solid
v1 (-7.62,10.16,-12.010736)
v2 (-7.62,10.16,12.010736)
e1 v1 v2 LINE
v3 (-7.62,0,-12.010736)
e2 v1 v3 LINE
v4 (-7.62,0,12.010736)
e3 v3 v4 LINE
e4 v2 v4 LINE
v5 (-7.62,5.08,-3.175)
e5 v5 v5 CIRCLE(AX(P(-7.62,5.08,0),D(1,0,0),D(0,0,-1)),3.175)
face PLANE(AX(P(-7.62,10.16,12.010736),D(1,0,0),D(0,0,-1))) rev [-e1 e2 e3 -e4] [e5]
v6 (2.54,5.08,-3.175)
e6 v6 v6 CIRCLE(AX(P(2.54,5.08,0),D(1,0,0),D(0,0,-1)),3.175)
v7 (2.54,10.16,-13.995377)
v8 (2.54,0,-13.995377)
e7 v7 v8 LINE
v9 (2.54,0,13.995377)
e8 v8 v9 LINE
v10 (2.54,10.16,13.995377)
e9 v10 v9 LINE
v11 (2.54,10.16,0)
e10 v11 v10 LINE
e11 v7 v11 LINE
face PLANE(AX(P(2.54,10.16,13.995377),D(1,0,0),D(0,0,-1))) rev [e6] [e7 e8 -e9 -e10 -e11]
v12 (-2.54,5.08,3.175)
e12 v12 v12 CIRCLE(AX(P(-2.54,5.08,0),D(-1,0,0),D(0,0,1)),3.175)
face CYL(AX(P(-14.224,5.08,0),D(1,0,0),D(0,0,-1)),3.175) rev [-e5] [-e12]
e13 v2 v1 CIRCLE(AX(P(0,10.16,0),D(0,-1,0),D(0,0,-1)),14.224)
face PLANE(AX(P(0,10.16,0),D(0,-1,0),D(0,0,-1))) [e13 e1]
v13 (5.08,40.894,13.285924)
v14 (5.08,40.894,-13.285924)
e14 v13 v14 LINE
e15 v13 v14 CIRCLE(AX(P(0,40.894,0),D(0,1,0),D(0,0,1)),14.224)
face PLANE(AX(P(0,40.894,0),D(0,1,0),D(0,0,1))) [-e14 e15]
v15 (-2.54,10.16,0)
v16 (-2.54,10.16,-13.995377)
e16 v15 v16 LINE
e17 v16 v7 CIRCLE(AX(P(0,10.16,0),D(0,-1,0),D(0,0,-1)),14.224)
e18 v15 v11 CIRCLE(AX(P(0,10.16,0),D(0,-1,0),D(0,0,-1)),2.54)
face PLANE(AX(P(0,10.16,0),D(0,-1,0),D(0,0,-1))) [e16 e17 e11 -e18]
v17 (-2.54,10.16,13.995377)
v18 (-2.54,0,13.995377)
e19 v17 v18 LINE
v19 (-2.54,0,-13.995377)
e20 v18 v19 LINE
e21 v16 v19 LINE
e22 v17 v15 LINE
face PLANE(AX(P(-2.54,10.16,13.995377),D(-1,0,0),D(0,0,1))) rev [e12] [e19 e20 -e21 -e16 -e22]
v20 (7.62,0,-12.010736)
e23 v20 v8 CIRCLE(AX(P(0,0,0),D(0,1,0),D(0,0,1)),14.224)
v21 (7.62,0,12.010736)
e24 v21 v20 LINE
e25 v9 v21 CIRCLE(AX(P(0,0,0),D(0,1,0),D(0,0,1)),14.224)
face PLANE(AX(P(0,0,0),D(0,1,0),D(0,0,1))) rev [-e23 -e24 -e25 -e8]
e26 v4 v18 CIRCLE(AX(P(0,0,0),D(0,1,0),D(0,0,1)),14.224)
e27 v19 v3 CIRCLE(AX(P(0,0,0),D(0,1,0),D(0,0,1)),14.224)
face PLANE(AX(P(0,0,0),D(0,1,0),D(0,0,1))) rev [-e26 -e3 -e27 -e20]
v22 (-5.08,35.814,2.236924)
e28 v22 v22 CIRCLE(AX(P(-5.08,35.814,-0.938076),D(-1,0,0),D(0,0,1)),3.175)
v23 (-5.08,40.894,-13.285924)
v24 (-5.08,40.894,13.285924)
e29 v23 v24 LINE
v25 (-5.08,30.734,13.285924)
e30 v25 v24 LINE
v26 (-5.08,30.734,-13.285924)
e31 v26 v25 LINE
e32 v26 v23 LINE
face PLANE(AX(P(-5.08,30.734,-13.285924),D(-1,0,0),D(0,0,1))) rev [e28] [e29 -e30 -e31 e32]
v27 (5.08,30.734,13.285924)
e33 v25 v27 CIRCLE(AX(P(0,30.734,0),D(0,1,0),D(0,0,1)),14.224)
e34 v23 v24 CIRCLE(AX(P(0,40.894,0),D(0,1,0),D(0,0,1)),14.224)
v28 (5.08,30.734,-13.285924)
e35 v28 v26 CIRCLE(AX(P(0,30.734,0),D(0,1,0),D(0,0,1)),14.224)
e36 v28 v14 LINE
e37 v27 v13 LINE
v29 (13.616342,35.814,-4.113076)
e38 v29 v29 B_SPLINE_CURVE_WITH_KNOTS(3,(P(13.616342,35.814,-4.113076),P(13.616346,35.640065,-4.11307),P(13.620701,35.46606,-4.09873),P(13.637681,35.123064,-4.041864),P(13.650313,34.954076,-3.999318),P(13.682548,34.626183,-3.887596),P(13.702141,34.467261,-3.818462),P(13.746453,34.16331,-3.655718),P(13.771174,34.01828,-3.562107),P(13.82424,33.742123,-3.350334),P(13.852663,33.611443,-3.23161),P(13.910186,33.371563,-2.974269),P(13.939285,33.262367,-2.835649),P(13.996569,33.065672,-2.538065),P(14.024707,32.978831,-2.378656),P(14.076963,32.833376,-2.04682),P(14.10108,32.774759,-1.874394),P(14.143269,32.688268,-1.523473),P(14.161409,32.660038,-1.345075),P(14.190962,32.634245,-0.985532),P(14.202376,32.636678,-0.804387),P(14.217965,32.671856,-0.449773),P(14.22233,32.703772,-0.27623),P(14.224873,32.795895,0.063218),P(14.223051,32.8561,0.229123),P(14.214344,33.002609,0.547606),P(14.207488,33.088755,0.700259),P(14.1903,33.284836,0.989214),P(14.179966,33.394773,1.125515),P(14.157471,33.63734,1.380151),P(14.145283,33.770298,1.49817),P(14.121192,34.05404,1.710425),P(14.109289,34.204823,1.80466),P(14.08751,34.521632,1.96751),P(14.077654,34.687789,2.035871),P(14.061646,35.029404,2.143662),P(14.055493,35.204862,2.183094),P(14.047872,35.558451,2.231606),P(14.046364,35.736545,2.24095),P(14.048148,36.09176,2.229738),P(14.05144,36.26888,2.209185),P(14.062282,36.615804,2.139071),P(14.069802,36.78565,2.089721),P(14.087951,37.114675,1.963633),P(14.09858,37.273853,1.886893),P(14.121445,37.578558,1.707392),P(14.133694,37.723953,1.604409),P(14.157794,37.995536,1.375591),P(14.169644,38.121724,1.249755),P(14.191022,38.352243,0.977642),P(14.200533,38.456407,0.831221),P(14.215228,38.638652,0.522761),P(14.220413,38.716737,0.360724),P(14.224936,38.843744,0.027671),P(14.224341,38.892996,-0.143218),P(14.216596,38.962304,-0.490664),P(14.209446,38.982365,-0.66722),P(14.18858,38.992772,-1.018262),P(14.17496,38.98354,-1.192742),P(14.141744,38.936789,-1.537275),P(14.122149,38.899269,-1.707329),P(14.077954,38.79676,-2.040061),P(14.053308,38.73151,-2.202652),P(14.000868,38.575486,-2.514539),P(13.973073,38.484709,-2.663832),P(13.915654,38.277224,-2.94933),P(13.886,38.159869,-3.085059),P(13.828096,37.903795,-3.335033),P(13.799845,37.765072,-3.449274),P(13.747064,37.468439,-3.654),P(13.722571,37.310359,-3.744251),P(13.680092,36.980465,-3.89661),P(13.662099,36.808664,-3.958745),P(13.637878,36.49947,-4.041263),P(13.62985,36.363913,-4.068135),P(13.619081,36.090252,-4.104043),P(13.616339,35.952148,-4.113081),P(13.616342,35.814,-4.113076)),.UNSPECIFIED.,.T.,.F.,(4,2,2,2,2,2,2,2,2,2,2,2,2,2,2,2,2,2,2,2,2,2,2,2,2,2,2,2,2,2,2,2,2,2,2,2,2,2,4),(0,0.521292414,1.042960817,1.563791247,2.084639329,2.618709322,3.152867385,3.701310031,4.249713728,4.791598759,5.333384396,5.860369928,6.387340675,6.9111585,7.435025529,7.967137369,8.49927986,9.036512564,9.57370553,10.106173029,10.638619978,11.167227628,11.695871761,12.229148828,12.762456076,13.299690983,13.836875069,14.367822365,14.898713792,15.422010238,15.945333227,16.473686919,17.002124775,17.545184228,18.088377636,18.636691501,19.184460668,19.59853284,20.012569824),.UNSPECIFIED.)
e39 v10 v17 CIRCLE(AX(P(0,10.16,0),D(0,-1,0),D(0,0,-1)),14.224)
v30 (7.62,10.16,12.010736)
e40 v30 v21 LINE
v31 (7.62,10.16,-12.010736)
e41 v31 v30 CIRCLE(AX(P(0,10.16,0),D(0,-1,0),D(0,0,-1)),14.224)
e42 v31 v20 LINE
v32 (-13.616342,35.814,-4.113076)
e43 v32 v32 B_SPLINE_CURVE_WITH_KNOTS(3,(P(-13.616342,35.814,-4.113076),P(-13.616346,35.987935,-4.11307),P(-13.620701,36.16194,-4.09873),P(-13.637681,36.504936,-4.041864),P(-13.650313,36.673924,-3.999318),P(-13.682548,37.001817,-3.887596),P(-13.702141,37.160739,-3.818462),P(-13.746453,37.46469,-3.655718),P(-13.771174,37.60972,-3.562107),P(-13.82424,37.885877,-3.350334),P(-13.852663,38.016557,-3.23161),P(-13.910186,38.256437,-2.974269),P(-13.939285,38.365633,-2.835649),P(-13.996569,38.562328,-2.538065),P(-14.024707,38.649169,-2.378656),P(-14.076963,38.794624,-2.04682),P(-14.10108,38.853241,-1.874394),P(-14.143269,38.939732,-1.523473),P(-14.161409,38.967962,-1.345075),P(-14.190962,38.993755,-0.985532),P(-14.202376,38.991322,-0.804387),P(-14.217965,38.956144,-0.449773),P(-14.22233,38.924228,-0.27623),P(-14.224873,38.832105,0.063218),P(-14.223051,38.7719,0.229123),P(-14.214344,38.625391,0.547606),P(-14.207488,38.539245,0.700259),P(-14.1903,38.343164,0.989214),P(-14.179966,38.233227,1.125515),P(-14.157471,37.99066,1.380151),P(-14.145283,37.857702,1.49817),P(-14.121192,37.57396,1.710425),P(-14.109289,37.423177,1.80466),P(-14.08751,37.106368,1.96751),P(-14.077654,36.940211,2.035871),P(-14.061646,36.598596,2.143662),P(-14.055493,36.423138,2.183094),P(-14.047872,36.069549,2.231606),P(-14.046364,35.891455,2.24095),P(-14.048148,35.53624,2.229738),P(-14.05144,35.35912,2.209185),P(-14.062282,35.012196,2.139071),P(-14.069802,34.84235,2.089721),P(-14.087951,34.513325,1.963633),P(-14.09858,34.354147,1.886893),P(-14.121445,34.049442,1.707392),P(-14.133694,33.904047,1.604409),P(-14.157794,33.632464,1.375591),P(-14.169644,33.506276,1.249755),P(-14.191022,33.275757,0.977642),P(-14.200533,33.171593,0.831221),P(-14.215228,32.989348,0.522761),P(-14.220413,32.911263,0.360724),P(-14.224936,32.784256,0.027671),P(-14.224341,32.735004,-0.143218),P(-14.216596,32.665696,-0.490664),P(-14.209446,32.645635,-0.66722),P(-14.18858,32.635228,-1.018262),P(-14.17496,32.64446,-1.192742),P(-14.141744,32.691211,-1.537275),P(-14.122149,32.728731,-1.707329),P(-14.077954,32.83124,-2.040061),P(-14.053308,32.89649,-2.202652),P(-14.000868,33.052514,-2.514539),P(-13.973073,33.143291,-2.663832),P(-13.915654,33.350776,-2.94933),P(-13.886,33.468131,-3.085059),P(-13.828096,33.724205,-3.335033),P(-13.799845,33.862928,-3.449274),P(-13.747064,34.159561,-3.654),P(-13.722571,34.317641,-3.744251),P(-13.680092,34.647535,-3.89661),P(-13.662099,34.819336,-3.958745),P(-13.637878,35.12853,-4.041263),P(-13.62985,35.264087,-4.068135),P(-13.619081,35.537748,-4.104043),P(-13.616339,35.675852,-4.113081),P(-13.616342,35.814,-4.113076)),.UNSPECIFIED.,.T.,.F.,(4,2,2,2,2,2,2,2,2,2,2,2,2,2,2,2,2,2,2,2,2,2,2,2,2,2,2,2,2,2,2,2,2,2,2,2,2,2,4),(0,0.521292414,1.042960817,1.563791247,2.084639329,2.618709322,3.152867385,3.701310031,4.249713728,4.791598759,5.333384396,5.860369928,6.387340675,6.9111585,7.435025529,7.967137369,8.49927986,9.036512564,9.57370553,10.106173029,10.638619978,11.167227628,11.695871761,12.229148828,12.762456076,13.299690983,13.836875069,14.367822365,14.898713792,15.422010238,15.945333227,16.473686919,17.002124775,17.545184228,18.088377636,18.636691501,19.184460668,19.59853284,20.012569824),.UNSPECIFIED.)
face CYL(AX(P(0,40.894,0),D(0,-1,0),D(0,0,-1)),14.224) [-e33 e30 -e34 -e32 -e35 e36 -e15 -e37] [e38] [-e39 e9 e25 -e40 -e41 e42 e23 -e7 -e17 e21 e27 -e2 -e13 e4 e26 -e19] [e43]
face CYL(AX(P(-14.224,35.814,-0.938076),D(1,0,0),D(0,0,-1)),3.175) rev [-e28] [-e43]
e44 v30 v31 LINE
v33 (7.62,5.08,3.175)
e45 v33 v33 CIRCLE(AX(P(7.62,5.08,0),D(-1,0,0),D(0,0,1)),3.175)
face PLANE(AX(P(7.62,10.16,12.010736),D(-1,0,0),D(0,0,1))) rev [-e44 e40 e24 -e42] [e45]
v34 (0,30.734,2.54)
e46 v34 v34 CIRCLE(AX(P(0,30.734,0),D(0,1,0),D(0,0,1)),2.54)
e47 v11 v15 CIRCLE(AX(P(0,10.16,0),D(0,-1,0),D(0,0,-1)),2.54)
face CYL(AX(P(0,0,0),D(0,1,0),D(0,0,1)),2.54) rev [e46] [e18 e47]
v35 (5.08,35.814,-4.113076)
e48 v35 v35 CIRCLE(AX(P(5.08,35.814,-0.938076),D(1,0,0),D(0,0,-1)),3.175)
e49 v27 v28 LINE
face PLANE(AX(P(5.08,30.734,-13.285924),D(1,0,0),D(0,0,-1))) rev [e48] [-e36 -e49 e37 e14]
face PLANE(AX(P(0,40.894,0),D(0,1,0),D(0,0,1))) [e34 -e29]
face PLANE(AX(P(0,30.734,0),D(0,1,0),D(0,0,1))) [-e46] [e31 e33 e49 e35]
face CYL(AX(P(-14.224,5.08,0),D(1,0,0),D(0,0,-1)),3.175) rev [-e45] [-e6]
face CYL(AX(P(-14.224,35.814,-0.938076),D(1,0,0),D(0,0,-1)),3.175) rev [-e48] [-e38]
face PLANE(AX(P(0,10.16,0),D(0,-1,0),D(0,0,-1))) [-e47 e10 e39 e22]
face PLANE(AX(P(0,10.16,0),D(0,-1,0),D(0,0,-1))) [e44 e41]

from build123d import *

# Parameters (mm, degrees)
SKETCH1_R               = 14.224
BOSS_EXTRUDE1_DEPTH     = 40.894
CUT_EXTRUDE1_START      = -10.16
CUT_EXTRUDE1_DEPTH      = 10.16
CUT_EXTRUDE2_DEPTH      = 10.16
CUT_EXTRUDE3_DEPTH      = 48.405546384
CUT_EXTRUDE3_DEPTH_BACK = 48.405546384
SKETCH4_R               = 3.175
SKETCH5_R               = 2.54
CUT_EXTRUDE4_DEPTH      = 37.731772627


with BuildPart() as part:
    # Sketch1 → Boss-Extrude1 (new body)
    with BuildSketch(Plane(origin=(0, 0, 0), x_dir=(1, 0, 0), z_dir=(0, 1, 0))):
        with Locations(Location((0, 0, 0), (0, 0, 270))):
            Circle(SKETCH1_R)
    extrude(amount=BOSS_EXTRUDE1_DEPTH)

    # Sketch2 → Cut-Extrude1 (cut)
    with BuildSketch(Plane(origin=(0, 40.894, 0), x_dir=(1, 0, 0), z_dir=(0, 1, 0)).offset(CUT_EXTRUDE1_START)):
        with BuildLine():
            Line((5.08, 13.28592398), (5.08, -13.28592398))
            ThreePointArc((5.08, -13.28592398), (0, -14.224), (-5.08, -13.28592398))
            Line((-5.08, -13.28592398), (-5.08, 13.28592398))
            ThreePointArc((-5.08, 13.28592398), (0, 14.224), (5.08, 13.28592398))
        make_face()
    extrude(amount=CUT_EXTRUDE1_DEPTH, mode=Mode.SUBTRACT)

    # Sketch3 → Cut-Extrude2 (cut)
    with BuildSketch(Plane.XZ):
        with BuildLine():
            Line((-2.54, 13.995376951), (-2.54, -13.995376951))
            ThreePointArc((-2.54, -13.995376951), (0, -14.224), (2.54, -13.995376951))
            Line((2.54, -13.995376951), (2.54, 13.995376951))
            ThreePointArc((2.54, 13.995376951), (0, 14.224), (-2.54, 13.995376951))
        make_face()
        with BuildLine():
            Line((-7.62, 12.010735864), (-7.62, -12.010735864))
            ThreePointArc((-7.62, -12.010735864), (-14.224, 0), (-7.62, 12.010735864))
        make_face()
        with BuildLine():
            Line((7.62, 12.010735864), (7.62, -12.010735864))
            ThreePointArc((7.62, -12.010735864), (14.224, 0), (7.62, 12.010735864))
        make_face()
    extrude(amount=-CUT_EXTRUDE2_DEPTH, mode=Mode.SUBTRACT)

    # Sketch4 → Cut-Extrude3 (cut, two sides: drawn at the far end of the back side and taken through both)
    with BuildSketch(Plane(origin=(-5.08, 0, 0), x_dir=(0, 0, -1), z_dir=(1, 0, 0)).offset(-CUT_EXTRUDE3_DEPTH_BACK)):
        with Locations((0.93807602, 35.814)):
            Circle(SKETCH4_R)
        with Locations((0, 5.08)):
            Circle(SKETCH4_R)
    extrude(amount=CUT_EXTRUDE3_DEPTH + CUT_EXTRUDE3_DEPTH_BACK, mode=Mode.SUBTRACT)

    # Sketch5 → Cut-Extrude4 (cut, through all)
    with BuildSketch(Plane(origin=(0, 30.734, 0), x_dir=(1, 0, 0), z_dir=(0, 1, 0))):
        with Locations(Location((0, 0, 0), (0, 0, 270))):
            Circle(SKETCH5_R)
    extrude(amount=-CUT_EXTRUDE4_DEPTH, mode=Mode.SUBTRACT)


solid = part.part
